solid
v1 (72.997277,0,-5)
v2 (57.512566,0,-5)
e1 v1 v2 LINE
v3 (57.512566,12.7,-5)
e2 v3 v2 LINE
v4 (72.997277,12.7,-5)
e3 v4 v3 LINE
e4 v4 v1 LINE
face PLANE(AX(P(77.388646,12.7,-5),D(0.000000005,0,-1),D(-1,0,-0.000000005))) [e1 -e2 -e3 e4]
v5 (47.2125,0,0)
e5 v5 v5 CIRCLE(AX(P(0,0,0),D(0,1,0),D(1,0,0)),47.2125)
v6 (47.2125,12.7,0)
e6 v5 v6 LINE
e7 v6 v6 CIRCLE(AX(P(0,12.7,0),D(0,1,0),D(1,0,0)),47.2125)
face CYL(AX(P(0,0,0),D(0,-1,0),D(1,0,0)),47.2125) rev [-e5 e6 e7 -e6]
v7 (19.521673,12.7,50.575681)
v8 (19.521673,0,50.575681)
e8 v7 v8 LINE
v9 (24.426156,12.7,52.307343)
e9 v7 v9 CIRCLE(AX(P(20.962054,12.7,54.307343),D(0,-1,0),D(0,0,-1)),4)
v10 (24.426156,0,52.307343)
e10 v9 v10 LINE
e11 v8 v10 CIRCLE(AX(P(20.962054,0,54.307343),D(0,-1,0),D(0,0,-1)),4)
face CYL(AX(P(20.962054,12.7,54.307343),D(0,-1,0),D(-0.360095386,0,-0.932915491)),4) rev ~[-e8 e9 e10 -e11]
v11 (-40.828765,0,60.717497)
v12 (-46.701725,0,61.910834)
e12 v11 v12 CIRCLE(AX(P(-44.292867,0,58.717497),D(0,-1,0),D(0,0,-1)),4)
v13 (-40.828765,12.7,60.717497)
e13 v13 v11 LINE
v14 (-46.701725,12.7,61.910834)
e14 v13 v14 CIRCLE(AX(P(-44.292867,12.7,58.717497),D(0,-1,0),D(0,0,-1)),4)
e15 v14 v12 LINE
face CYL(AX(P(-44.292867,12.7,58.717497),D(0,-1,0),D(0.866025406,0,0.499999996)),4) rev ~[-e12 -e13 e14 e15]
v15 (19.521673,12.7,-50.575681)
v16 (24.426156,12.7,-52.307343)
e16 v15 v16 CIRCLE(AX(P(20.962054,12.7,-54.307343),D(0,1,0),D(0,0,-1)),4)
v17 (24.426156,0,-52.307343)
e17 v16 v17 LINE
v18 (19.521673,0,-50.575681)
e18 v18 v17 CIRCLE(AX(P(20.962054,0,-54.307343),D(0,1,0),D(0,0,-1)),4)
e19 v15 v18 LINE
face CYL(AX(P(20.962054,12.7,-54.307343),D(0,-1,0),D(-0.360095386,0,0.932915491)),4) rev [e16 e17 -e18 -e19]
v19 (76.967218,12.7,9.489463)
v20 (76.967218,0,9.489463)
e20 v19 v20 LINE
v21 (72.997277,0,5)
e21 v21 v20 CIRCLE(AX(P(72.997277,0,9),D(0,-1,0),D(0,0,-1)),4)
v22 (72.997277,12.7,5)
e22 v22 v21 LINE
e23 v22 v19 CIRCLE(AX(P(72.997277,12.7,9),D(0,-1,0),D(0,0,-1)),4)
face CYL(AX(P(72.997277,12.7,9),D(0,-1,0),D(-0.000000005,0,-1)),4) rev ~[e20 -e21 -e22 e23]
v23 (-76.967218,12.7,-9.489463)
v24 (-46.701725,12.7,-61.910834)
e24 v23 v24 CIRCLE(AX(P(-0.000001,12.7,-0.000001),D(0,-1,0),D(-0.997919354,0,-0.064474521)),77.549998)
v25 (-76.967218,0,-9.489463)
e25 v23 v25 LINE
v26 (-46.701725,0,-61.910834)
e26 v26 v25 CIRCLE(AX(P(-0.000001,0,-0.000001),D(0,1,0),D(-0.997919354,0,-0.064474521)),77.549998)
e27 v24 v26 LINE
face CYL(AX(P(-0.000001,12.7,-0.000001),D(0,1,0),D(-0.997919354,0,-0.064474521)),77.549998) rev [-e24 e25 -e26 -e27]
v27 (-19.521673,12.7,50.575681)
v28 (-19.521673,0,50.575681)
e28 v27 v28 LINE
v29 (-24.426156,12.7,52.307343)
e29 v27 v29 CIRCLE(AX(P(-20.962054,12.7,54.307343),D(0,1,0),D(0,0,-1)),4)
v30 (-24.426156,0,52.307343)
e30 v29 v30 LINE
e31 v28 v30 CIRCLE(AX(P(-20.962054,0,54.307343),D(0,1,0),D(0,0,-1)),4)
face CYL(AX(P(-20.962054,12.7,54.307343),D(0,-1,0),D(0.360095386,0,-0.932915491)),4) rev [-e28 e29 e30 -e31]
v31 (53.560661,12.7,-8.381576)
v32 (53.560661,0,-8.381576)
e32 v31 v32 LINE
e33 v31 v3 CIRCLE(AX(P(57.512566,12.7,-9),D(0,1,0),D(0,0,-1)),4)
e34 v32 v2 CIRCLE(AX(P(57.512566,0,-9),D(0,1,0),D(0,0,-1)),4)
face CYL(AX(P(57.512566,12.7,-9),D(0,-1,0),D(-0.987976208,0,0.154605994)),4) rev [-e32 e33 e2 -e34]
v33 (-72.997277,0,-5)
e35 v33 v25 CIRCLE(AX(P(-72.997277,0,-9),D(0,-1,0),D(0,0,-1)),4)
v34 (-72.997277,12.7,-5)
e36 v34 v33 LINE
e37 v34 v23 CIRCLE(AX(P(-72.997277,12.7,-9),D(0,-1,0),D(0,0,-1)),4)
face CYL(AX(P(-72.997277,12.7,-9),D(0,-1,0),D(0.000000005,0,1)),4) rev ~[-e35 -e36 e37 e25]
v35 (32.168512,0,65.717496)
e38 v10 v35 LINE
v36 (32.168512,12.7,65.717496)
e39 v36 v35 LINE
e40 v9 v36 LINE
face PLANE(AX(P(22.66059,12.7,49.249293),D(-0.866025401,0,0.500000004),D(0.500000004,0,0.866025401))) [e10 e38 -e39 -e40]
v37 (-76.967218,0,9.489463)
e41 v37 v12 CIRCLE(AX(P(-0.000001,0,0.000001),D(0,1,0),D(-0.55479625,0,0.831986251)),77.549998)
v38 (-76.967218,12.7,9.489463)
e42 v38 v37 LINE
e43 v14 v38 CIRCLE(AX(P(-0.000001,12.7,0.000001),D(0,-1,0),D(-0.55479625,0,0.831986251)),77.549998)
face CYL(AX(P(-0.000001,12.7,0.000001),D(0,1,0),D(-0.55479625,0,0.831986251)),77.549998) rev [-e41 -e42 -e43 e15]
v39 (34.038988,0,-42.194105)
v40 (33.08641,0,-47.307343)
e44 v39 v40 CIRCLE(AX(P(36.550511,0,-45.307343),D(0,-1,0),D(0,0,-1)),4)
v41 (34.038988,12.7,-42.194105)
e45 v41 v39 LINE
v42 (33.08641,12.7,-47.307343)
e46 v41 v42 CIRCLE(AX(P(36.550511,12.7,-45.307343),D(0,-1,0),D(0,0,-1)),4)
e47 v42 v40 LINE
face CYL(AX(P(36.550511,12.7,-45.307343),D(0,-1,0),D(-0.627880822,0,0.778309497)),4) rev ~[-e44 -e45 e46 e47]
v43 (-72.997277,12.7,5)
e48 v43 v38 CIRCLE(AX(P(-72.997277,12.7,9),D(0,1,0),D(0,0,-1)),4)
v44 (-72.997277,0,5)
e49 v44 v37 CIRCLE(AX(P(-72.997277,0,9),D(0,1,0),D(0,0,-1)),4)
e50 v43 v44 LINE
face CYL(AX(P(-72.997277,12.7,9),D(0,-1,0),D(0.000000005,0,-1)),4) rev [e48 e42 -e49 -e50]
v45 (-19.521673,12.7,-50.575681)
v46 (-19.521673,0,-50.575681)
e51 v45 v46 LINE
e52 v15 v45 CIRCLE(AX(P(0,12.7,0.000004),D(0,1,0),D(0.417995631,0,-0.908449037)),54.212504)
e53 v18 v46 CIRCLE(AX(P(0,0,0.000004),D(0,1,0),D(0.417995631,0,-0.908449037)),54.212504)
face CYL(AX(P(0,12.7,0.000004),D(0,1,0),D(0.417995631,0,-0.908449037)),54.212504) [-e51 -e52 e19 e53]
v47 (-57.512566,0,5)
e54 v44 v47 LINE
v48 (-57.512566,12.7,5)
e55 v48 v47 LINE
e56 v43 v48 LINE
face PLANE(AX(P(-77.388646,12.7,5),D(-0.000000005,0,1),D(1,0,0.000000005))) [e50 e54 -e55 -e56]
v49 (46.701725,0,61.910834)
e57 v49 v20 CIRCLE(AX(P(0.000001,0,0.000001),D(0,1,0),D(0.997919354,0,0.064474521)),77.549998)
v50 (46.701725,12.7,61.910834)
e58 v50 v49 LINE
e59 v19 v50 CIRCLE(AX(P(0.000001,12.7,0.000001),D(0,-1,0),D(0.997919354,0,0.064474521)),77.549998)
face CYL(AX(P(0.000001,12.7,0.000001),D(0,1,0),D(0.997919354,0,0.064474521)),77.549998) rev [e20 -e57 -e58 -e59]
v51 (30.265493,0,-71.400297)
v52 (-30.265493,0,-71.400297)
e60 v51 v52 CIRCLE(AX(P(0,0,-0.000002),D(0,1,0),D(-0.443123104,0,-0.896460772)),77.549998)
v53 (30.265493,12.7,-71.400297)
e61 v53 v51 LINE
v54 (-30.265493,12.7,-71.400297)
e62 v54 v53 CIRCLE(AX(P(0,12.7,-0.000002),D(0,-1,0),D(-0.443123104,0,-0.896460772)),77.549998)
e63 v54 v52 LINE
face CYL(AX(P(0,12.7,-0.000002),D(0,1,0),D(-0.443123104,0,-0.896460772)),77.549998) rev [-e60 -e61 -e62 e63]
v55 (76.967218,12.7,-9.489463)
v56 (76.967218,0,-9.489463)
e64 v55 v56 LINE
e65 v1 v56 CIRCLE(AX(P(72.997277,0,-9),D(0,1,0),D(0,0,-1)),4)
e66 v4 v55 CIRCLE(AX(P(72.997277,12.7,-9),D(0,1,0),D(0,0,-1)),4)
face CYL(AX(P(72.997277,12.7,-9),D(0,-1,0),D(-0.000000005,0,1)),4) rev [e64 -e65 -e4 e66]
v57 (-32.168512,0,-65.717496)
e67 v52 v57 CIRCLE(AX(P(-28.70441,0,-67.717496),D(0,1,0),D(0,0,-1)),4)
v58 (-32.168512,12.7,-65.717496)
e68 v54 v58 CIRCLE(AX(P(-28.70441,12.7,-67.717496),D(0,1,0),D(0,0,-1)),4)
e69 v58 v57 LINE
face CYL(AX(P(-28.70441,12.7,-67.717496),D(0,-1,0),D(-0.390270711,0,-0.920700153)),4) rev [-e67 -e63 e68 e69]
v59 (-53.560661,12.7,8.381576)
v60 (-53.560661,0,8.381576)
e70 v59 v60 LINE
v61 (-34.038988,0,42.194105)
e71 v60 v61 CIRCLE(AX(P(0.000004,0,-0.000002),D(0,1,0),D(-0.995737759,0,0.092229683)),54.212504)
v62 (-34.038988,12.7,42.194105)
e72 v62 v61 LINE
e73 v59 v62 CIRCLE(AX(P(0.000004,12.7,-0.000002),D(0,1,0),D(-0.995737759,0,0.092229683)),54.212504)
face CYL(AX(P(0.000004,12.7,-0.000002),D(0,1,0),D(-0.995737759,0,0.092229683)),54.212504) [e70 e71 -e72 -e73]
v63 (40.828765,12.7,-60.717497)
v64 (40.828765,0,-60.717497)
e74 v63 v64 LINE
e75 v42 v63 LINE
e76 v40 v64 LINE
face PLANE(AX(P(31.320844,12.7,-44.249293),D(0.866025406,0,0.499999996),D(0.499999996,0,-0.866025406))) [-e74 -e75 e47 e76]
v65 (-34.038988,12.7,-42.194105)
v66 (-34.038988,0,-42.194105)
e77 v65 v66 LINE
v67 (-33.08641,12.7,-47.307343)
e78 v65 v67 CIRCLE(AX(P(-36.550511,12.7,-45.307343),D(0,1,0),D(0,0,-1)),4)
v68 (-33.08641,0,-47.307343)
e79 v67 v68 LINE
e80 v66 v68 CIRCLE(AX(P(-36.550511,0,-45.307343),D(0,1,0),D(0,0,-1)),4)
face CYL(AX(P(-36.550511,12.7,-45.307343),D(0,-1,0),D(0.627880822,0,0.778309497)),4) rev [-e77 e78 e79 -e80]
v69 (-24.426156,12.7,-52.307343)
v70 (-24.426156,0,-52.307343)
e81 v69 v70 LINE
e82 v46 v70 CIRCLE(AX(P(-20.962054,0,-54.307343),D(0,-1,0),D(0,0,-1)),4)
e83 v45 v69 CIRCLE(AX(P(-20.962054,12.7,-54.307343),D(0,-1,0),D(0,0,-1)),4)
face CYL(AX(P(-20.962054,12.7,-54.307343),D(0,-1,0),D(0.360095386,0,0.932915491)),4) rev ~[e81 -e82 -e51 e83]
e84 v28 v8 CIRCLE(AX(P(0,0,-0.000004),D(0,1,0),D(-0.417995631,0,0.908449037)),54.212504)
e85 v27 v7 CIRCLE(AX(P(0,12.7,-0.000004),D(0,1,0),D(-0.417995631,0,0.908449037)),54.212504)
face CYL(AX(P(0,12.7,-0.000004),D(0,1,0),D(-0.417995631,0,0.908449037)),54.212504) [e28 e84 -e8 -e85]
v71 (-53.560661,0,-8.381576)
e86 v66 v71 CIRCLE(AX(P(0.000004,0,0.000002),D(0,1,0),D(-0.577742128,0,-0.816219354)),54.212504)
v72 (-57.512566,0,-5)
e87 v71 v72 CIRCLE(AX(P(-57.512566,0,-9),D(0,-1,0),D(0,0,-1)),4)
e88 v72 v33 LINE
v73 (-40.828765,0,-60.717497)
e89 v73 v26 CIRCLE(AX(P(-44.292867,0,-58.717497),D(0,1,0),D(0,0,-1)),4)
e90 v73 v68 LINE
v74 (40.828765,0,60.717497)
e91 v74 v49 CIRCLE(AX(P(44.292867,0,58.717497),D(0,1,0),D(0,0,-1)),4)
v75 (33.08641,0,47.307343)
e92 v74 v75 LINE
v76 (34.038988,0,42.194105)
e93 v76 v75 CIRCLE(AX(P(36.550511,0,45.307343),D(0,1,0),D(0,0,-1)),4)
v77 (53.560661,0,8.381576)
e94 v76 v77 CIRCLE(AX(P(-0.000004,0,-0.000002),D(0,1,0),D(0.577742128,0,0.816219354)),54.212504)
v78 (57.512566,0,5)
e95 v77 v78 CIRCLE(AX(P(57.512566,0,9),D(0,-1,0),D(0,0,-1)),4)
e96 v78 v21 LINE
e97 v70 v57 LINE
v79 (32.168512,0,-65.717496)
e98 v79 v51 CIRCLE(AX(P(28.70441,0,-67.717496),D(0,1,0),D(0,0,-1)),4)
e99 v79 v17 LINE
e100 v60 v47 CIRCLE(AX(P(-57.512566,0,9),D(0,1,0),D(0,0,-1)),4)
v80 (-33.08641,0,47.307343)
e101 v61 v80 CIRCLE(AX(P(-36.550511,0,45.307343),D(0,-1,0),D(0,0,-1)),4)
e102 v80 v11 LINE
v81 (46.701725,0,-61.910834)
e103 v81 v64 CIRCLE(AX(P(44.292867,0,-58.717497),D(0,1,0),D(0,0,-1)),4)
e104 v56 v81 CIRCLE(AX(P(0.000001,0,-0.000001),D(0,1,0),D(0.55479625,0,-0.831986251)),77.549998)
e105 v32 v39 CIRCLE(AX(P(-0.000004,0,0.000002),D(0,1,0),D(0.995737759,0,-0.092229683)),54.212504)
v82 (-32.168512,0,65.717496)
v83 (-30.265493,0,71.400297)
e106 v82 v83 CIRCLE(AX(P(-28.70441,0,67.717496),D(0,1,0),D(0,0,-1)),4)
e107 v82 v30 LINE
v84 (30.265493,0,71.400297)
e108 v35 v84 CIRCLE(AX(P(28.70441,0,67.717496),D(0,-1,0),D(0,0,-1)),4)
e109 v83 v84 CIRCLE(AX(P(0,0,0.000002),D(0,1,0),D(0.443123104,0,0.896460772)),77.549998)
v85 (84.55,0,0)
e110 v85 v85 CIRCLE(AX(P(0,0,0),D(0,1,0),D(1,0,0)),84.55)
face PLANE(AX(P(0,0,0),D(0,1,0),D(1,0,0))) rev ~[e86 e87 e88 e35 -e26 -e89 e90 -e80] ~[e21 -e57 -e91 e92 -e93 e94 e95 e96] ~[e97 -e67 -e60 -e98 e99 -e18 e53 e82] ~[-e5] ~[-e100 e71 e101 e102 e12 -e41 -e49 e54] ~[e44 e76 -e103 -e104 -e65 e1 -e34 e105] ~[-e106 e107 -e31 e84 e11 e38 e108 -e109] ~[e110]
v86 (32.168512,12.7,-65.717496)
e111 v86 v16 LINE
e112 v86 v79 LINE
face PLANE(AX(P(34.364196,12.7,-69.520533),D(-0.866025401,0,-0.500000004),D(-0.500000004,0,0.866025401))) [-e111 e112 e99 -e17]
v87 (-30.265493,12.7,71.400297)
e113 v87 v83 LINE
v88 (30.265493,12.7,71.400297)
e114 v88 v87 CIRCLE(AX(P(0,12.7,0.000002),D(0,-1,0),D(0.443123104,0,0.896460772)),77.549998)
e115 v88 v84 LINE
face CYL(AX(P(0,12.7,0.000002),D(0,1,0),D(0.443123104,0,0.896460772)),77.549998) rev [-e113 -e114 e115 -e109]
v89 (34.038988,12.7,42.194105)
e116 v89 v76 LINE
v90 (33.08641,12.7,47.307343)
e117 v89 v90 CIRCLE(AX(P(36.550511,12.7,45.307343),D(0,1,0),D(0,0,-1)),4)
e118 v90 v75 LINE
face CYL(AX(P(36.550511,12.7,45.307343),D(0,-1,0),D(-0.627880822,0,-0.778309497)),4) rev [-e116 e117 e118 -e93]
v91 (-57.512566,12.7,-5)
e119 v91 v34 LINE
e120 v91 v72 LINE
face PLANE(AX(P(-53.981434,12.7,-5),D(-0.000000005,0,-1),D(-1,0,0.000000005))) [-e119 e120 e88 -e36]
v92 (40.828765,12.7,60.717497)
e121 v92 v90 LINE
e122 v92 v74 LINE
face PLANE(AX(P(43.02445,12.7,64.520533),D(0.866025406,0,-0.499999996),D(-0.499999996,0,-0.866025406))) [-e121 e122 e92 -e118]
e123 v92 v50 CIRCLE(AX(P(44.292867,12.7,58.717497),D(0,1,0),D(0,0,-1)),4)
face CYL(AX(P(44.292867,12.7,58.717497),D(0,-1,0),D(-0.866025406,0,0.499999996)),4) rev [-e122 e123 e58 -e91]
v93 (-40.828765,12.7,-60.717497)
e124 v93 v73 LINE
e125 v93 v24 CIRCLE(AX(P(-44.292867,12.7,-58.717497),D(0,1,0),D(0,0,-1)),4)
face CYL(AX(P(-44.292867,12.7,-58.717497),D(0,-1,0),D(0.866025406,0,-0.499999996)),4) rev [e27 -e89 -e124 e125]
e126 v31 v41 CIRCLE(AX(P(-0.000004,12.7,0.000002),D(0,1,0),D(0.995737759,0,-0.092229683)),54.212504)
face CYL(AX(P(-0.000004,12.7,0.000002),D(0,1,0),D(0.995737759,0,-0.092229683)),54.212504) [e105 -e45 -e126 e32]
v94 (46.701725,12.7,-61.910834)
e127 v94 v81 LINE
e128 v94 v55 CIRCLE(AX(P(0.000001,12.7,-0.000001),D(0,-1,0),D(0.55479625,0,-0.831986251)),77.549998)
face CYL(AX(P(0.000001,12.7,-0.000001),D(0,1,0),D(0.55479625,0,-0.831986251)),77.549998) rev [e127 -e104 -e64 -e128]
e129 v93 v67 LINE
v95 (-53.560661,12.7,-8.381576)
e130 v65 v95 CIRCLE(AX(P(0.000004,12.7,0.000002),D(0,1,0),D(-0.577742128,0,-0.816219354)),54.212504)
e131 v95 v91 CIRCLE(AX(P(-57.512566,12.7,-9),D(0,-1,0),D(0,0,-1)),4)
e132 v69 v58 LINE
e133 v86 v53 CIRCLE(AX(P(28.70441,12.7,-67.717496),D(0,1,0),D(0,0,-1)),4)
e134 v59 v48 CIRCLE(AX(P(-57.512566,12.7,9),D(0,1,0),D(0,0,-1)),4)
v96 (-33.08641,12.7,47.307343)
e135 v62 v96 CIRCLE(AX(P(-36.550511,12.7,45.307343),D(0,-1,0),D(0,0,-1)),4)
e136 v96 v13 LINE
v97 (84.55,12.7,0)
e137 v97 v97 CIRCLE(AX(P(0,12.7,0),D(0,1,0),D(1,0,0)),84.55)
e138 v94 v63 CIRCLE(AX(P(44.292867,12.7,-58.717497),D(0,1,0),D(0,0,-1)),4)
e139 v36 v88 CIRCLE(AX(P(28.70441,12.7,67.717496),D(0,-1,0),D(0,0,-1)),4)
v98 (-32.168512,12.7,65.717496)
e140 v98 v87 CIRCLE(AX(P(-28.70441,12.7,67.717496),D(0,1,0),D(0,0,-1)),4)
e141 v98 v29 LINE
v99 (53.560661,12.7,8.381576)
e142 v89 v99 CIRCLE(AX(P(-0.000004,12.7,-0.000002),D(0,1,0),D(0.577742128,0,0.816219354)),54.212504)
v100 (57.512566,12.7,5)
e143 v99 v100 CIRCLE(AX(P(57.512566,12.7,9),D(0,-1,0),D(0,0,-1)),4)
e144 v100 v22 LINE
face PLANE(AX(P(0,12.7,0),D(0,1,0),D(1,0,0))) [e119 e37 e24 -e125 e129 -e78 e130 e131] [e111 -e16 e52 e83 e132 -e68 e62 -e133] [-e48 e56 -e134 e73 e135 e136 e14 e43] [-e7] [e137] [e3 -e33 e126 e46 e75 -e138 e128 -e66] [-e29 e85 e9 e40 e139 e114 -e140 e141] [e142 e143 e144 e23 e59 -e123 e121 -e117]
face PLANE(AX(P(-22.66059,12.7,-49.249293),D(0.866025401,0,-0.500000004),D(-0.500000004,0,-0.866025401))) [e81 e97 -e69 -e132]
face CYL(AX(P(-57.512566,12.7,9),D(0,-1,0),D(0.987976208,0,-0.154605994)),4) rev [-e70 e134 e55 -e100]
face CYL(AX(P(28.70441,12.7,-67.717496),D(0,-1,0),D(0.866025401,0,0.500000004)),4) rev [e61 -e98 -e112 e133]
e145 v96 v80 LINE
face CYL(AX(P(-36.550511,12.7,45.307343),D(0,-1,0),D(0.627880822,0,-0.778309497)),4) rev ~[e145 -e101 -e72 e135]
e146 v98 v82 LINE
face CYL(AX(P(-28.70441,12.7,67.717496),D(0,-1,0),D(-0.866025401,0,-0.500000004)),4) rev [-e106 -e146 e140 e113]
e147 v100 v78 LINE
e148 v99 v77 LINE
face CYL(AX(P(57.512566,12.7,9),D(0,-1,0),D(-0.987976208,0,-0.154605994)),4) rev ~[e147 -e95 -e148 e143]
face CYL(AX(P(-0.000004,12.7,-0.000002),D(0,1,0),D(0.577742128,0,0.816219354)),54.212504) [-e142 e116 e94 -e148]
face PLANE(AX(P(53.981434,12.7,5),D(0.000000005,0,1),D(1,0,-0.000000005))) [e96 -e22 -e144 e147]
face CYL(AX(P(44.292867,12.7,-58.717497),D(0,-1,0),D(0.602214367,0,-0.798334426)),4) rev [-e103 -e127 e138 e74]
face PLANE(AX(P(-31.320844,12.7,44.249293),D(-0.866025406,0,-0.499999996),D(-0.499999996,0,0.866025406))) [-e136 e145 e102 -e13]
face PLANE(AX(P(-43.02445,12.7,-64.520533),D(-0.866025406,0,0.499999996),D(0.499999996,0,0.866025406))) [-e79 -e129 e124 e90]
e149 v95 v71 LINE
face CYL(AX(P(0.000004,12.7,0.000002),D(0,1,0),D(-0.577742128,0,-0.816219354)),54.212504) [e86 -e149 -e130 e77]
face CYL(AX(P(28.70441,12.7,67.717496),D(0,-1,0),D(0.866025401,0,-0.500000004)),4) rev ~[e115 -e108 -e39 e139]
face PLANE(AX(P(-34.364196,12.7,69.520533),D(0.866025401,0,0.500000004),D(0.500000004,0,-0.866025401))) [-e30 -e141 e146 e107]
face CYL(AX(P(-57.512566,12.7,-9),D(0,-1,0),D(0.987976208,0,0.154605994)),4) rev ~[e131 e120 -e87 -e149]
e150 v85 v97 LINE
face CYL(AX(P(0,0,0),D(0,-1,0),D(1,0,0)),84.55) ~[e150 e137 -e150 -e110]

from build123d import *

# Parameters (mm, degrees)
SKETCH2_W                = 33.3375
SKETCH2_H                = 12.7
CUT_EXTRUDE1_DEPTH       = 13.7
FILLET1_R                = 4
CIRPATTERN4_COUNT        = 6
FILLET1_OF_CIRPATTERN4_R = 4
SKETCH9_R                = 49.2125
SKETCH9_R_2              = 47.2125
BOSS_EXTRUDE1_DEPTH      = 12.7
SKETCH10_R               = 84.55
SKETCH10_R_2             = 82.55
BOSS_EXTRUDE2_DEPTH      = 12.7


with BuildPart() as part:
    # Sketch2 → Revolve1 (revolve)
    with BuildSketch(Plane(origin=(0, 0, 0), x_dir=(0, 0, -1), z_dir=(1, 0, 0))):
        with Locations((-65.88125, 6.35)):
            Rectangle(SKETCH2_W, SKETCH2_H)
    revolve(axis=Axis((0, -0.5, 0), (0, 1, 0)))

    # Sketch8 → Cut-Extrude1 (cut, through all)
    with BuildSketch(Plane(origin=(0, 12.7, 0), x_dir=(1, 0, 0), z_dir=(0, 1, 0))):
        with BuildLine():
            Line((-22.66059, 49.249293), (-34.364196, 69.520533))
            ThreePointArc((-34.364196, 69.520533), (0, 77.55), (34.364196, 69.520533))
            Line((34.364196, 69.520533), (22.66059, 49.249293))
            ThreePointArc((22.66059, 49.249293), (0, 54.2125), (-22.66059, 49.249293))
        make_face()
    cut_extrude1 = extrude(amount=-CUT_EXTRUDE1_DEPTH, mode=Mode.SUBTRACT)

    # Fillet1
    fillet1_edges = [part.edges().sort_by_distance(p)[0] for p in [
        (22.66059, 6.35, -49.249293),
        (-22.66059, 6.35, -49.249293),
        (-34.364196, 6.35, -69.520533),
        (34.364196, 6.35, -69.520533),
    ]]
    fillet(fillet1_edges, radius=FILLET1_R)

    # CirPattern4: Cut-Extrude1 ×6 about axis
    cirpattern4_axis = Axis((0, 0, 0), (0, 1, 0))
    for i in range(1, CIRPATTERN4_COUNT):
        add(cut_extrude1.rotate(cirpattern4_axis, i * 360 / CIRPATTERN4_COUNT), mode=Mode.SUBTRACT)

    # Fillet1 of CirPattern4
    fillet1_of_cirpattern4_edges = [part.edges().sort_by_distance(p)[0] for p in [
        (-31.320844, 6.35, -44.249293),
        (-53.981433, 6.35, -5),
        (-77.388646, 6.35, -5),
        (-43.02445, 6.35, -64.520533),
        (-53.981433, 6.35, 5),
        (-31.320844, 6.35, 44.249293),
        (-43.02445, 6.35, 64.520533),
        (-77.388646, 6.35, 5),
        (-22.66059, 6.35, 49.249293),
        (22.66059, 6.35, 49.249293),
        (34.364196, 6.35, 69.520533),
        (-34.364196, 6.35, 69.520533),
        (31.320844, 6.35, 44.249293),
        (53.981433, 6.35, 5),
        (77.388646, 6.35, 5),
        (43.02445, 6.35, 64.520533),
        (53.981433, 6.35, -5),
        (31.320844, 6.35, -44.249293),
        (43.02445, 6.35, -64.520533),
        (77.388646, 6.35, -5),
    ]]
    fillet(fillet1_of_cirpattern4_edges, radius=FILLET1_OF_CIRPATTERN4_R)

    # Sketch9 → Boss-Extrude1 (add)
    with BuildSketch(Plane(origin=(0, 0, 0), x_dir=(1, 0, 0), z_dir=(0, 1, 0))):
        Circle(SKETCH9_R)
        Circle(SKETCH9_R_2, mode=Mode.SUBTRACT)
    extrude(amount=BOSS_EXTRUDE1_DEPTH)

    # Sketch10 → Boss-Extrude2 (add)
    with BuildSketch(Plane(origin=(0, 0, 0), x_dir=(1, 0, 0), z_dir=(0, 1, 0))):
        Circle(SKETCH10_R)
        Circle(SKETCH10_R_2, mode=Mode.SUBTRACT)
    extrude(amount=BOSS_EXTRUDE2_DEPTH)


solid = part.part
